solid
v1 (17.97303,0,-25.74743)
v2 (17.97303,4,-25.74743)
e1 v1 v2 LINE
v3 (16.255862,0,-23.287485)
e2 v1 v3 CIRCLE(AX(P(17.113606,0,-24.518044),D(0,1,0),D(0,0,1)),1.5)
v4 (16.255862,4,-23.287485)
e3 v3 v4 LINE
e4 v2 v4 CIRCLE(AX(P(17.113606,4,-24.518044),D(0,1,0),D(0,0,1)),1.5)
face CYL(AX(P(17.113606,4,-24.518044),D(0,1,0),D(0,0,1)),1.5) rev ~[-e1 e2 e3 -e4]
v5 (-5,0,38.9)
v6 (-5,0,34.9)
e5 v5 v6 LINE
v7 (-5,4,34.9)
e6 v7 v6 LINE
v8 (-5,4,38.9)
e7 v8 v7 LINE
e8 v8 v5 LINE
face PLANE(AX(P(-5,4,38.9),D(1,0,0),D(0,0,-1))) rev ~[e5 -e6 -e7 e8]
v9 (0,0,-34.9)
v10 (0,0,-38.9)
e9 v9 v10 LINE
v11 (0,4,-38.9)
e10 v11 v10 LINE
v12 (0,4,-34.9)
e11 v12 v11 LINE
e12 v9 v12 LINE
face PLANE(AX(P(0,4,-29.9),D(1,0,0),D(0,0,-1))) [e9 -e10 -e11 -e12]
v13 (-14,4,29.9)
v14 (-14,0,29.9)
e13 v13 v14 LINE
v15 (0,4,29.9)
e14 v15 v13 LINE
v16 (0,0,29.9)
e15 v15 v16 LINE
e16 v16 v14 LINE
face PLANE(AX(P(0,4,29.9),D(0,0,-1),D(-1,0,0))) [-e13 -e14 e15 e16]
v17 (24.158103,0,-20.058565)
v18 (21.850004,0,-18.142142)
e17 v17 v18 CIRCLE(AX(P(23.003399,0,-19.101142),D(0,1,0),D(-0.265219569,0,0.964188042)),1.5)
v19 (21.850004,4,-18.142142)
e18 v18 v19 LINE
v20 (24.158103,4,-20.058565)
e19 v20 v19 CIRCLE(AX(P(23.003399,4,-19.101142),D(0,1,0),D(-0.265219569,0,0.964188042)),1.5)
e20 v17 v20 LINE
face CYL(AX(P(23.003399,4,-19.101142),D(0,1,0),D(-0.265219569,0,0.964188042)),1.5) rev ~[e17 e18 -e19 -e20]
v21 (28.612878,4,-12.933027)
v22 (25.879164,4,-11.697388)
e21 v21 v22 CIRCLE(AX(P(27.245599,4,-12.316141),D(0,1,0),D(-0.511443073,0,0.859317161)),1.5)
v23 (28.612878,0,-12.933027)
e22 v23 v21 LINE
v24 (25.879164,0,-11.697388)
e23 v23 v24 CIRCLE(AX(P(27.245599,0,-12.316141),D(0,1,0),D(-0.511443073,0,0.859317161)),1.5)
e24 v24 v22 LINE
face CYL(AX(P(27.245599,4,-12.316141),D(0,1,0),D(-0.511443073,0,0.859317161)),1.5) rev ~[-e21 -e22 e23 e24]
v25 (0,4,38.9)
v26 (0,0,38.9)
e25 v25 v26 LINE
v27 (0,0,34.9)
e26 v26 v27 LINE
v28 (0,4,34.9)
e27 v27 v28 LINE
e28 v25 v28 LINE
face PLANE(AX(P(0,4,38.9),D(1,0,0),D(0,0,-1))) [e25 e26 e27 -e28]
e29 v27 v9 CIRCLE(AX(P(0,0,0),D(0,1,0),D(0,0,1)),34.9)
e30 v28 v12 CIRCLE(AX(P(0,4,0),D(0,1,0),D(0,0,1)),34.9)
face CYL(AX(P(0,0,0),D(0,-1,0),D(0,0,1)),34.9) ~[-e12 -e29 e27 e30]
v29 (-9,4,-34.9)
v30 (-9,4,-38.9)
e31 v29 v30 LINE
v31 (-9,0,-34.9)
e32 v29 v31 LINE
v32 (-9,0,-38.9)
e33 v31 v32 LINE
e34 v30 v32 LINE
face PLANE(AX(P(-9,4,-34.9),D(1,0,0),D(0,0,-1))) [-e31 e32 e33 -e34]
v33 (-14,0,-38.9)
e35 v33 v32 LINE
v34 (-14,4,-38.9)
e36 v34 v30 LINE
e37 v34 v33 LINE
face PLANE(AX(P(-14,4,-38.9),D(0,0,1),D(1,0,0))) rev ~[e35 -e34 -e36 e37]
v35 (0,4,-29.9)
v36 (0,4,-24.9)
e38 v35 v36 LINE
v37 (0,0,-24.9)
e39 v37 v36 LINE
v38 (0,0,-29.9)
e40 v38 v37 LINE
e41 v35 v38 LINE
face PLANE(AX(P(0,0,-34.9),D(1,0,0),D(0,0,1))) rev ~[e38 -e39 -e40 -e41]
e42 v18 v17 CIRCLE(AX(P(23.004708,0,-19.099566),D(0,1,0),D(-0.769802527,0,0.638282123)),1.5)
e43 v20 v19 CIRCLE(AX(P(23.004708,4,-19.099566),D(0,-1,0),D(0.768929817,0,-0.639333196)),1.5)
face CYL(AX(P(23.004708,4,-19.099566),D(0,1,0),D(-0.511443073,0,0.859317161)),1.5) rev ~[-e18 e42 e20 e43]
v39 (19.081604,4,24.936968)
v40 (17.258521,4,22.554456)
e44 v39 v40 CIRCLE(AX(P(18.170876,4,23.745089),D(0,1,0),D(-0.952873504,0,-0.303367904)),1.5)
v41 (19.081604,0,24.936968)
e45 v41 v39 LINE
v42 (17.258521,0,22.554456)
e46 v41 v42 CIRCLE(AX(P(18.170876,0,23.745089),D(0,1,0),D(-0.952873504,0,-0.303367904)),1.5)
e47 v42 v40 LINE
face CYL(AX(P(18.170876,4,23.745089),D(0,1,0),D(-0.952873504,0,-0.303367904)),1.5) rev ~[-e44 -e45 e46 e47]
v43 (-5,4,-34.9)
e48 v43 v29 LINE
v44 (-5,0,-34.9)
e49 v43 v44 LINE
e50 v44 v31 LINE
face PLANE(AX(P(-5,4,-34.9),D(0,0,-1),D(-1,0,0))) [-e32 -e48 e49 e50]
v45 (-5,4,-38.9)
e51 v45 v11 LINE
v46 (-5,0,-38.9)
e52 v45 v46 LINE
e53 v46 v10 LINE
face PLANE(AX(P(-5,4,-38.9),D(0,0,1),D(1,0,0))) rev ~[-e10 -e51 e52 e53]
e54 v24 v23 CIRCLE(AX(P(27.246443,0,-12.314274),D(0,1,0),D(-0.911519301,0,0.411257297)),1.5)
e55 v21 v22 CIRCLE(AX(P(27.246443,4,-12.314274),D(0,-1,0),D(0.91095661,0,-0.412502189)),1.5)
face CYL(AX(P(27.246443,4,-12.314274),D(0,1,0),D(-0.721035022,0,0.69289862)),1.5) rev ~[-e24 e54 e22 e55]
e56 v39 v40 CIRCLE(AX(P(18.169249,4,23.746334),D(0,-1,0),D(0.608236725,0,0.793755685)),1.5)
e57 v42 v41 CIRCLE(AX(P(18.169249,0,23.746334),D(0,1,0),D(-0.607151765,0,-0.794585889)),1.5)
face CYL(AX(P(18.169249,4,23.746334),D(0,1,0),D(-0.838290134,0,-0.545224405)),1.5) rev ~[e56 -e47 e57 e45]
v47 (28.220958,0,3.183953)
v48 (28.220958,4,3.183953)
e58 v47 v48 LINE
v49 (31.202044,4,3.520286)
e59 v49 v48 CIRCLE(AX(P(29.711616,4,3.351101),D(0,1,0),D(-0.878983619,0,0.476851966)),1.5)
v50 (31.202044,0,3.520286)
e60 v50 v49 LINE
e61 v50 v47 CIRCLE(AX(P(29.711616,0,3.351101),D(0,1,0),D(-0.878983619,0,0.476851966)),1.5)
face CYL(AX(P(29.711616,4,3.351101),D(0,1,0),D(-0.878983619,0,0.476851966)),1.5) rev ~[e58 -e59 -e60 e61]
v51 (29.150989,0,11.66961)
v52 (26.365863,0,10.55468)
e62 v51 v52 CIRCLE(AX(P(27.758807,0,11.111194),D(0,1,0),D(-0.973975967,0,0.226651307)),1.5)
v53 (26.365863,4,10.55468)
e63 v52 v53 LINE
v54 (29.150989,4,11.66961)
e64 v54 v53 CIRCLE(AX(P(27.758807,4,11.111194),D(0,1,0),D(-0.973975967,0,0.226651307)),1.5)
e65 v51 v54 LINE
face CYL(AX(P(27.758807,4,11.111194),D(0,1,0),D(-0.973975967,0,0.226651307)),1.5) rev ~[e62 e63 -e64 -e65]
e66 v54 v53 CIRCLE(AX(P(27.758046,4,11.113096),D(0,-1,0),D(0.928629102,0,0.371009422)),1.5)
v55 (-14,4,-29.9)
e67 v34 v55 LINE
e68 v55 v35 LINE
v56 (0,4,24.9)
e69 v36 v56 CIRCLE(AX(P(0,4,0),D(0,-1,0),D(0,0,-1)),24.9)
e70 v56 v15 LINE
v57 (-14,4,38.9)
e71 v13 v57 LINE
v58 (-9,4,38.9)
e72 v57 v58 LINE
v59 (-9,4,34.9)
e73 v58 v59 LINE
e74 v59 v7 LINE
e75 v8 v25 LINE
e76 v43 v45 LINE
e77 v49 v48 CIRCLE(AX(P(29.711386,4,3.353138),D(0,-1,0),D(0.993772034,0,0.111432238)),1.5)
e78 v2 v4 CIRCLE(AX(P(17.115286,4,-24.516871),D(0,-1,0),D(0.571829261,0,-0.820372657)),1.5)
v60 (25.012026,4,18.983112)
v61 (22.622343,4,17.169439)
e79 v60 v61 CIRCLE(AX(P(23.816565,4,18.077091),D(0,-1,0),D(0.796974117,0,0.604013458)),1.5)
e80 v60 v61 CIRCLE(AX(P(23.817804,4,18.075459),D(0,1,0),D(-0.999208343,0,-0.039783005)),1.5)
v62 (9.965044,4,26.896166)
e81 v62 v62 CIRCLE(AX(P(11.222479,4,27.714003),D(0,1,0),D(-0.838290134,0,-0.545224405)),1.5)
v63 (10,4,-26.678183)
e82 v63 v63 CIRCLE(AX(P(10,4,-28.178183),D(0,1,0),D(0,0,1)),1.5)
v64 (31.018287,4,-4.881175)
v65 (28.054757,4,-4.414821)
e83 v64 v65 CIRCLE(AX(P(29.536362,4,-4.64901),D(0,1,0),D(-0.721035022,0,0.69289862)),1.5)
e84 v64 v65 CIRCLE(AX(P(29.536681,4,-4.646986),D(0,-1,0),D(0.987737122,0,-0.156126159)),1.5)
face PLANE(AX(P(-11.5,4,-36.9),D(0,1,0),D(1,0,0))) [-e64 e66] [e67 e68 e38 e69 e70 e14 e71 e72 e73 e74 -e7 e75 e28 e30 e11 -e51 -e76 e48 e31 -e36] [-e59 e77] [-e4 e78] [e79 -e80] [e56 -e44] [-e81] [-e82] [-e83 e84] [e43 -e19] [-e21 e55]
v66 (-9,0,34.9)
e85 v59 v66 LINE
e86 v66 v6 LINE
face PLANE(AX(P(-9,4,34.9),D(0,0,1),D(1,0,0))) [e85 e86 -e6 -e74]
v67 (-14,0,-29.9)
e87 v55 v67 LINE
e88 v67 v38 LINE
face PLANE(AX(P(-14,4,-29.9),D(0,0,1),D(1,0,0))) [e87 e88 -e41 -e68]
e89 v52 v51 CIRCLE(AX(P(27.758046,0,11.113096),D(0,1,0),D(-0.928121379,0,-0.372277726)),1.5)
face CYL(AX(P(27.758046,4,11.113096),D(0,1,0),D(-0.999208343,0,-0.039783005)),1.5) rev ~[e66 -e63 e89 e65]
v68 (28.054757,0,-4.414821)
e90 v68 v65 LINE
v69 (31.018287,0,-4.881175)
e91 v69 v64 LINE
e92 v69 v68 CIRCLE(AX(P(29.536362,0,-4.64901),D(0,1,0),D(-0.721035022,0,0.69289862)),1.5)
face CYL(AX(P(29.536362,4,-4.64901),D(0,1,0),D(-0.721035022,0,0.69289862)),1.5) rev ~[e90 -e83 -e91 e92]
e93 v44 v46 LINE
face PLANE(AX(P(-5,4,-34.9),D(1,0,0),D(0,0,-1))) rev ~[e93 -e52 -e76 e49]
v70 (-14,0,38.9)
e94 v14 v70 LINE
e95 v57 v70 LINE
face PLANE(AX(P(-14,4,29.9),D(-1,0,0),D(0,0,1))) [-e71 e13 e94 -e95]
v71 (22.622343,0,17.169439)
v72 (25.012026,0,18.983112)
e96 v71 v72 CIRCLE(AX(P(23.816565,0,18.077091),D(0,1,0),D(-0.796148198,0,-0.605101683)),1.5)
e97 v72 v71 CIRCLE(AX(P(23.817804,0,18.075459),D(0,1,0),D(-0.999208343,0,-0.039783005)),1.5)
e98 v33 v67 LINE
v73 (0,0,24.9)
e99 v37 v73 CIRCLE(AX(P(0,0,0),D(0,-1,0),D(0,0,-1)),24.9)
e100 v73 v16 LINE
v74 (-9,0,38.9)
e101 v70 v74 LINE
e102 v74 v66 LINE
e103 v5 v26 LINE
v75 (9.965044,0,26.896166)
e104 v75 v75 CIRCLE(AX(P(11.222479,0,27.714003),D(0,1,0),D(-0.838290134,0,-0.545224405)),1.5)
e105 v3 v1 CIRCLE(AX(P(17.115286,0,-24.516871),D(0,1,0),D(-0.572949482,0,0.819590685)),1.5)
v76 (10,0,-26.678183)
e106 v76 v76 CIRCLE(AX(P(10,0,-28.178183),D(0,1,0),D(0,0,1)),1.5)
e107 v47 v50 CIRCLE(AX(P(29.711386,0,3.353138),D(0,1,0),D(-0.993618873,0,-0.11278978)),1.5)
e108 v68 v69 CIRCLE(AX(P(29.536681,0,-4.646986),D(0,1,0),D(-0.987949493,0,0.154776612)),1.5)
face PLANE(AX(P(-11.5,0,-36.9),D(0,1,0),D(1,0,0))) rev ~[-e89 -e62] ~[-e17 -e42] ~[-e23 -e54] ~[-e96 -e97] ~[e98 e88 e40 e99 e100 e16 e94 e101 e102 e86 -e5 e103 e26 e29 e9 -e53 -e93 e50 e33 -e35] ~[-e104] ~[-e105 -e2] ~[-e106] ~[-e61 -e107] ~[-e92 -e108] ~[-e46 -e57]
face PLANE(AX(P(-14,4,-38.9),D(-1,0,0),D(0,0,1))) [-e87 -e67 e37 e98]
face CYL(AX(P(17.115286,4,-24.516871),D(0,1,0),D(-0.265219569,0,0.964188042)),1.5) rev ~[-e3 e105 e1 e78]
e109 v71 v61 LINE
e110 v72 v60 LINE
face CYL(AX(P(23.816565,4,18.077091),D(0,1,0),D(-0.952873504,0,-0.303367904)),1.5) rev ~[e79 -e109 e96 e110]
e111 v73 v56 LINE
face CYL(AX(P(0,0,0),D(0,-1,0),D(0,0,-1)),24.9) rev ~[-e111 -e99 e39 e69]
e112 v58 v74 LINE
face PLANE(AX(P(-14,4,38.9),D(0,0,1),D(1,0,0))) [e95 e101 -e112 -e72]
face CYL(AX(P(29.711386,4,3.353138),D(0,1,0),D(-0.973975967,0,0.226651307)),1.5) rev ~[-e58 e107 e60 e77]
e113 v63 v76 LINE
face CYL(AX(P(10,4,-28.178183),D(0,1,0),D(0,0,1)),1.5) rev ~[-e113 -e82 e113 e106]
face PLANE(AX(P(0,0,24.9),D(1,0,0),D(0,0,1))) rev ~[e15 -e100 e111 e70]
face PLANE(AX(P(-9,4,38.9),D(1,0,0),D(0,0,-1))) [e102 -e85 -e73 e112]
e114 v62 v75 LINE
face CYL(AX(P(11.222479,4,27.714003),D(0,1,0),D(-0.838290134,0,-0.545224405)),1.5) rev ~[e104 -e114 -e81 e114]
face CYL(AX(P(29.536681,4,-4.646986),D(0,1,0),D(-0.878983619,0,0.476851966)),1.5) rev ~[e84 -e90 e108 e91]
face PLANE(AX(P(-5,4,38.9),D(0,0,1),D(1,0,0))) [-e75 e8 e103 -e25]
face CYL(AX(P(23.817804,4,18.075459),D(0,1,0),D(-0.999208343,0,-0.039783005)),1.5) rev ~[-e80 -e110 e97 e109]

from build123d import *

# Parameters (mm, degrees)
BOSS_EXTRUDE1_DEPTH = 4
SKETCH2_W           = 5
SKETCH2_H           = 4
BOSS_EXTRUDE2_DEPTH = 4
SKETCH3_R           = 1.5
CUT_EXTRUDE1_DEPTH  = 53.413929446
CIRPATTERN2_COUNT   = 9
CIRPATTERN2_ANGLE   = 123.04


with BuildPart() as part:
    # Sketch1 → Boss-Extrude1 (new body)
    with BuildSketch(Plane(origin=(0, 0, 0), x_dir=(1, 0, 0), z_dir=(0, 1, 0))):
        with BuildLine():
            ThreePointArc((0, -34.9), (34.9, 0), (0, 34.9))
            Line((0, 34.9), (0, 24.9))
            ThreePointArc((0, 24.9), (24.9, 0), (0, -24.9))
            Line((0, -24.9), (0, -34.9))
        make_face()
    extrude(amount=BOSS_EXTRUDE1_DEPTH)

    # Sketch2 → Boss-Extrude2 (add, through all)
    with BuildSketch(Plane(origin=(0, 4, 0), x_dir=(1, 0, 0), z_dir=(0, 1, 0))):
        with Locations((-11.5, 36.9)):
            Rectangle(SKETCH2_W, SKETCH2_H)
        Polygon((-14, 29.9), (0, 29.9), (0, 34.9), (-5, 34.9), (-9, 34.9), (-14, 34.9), align=None)
        with Locations((-2.5, 36.9)):
            Rectangle(SKETCH2_W, SKETCH2_H)
        Polygon((-9, -34.9), (-5, -34.9), (0, -34.9), (0, -29.9), (-14, -29.9), (-14, -34.9), align=None)
        with Locations((-11.5, -36.9)):
            Rectangle(SKETCH2_W, SKETCH2_H)
        with Locations((-2.5, -36.9)):
            Rectangle(SKETCH2_W, SKETCH2_H)
    extrude(amount=-BOSS_EXTRUDE2_DEPTH)

    # Sketch3 → Cut-Extrude1 (cut, through all)
    with BuildSketch(Plane(origin=(0, 4, 0), x_dir=(1, 0, 0), z_dir=(0, 1, 0))):
        with Locations(Location((10, 28.17818305, 0), (0, 0, 270))):
            Circle(SKETCH3_R)
        with Locations(Location((17.113605639, 24.518044417, 0), (0, 0, 270))):
            Circle(SKETCH3_R)
    cut_extrude1 = extrude(amount=-CUT_EXTRUDE1_DEPTH, mode=Mode.SUBTRACT)

    # CirPattern2: Cut-Extrude1 ×9 about axis
    cirpattern2_axis = Axis((0, 0, 0), (0, -1, 0))
    for i in range(1, CIRPATTERN2_COUNT):
        add(cut_extrude1.rotate(cirpattern2_axis, i * CIRPATTERN2_ANGLE / (CIRPATTERN2_COUNT - 1)), mode=Mode.SUBTRACT)


solid = part.part
